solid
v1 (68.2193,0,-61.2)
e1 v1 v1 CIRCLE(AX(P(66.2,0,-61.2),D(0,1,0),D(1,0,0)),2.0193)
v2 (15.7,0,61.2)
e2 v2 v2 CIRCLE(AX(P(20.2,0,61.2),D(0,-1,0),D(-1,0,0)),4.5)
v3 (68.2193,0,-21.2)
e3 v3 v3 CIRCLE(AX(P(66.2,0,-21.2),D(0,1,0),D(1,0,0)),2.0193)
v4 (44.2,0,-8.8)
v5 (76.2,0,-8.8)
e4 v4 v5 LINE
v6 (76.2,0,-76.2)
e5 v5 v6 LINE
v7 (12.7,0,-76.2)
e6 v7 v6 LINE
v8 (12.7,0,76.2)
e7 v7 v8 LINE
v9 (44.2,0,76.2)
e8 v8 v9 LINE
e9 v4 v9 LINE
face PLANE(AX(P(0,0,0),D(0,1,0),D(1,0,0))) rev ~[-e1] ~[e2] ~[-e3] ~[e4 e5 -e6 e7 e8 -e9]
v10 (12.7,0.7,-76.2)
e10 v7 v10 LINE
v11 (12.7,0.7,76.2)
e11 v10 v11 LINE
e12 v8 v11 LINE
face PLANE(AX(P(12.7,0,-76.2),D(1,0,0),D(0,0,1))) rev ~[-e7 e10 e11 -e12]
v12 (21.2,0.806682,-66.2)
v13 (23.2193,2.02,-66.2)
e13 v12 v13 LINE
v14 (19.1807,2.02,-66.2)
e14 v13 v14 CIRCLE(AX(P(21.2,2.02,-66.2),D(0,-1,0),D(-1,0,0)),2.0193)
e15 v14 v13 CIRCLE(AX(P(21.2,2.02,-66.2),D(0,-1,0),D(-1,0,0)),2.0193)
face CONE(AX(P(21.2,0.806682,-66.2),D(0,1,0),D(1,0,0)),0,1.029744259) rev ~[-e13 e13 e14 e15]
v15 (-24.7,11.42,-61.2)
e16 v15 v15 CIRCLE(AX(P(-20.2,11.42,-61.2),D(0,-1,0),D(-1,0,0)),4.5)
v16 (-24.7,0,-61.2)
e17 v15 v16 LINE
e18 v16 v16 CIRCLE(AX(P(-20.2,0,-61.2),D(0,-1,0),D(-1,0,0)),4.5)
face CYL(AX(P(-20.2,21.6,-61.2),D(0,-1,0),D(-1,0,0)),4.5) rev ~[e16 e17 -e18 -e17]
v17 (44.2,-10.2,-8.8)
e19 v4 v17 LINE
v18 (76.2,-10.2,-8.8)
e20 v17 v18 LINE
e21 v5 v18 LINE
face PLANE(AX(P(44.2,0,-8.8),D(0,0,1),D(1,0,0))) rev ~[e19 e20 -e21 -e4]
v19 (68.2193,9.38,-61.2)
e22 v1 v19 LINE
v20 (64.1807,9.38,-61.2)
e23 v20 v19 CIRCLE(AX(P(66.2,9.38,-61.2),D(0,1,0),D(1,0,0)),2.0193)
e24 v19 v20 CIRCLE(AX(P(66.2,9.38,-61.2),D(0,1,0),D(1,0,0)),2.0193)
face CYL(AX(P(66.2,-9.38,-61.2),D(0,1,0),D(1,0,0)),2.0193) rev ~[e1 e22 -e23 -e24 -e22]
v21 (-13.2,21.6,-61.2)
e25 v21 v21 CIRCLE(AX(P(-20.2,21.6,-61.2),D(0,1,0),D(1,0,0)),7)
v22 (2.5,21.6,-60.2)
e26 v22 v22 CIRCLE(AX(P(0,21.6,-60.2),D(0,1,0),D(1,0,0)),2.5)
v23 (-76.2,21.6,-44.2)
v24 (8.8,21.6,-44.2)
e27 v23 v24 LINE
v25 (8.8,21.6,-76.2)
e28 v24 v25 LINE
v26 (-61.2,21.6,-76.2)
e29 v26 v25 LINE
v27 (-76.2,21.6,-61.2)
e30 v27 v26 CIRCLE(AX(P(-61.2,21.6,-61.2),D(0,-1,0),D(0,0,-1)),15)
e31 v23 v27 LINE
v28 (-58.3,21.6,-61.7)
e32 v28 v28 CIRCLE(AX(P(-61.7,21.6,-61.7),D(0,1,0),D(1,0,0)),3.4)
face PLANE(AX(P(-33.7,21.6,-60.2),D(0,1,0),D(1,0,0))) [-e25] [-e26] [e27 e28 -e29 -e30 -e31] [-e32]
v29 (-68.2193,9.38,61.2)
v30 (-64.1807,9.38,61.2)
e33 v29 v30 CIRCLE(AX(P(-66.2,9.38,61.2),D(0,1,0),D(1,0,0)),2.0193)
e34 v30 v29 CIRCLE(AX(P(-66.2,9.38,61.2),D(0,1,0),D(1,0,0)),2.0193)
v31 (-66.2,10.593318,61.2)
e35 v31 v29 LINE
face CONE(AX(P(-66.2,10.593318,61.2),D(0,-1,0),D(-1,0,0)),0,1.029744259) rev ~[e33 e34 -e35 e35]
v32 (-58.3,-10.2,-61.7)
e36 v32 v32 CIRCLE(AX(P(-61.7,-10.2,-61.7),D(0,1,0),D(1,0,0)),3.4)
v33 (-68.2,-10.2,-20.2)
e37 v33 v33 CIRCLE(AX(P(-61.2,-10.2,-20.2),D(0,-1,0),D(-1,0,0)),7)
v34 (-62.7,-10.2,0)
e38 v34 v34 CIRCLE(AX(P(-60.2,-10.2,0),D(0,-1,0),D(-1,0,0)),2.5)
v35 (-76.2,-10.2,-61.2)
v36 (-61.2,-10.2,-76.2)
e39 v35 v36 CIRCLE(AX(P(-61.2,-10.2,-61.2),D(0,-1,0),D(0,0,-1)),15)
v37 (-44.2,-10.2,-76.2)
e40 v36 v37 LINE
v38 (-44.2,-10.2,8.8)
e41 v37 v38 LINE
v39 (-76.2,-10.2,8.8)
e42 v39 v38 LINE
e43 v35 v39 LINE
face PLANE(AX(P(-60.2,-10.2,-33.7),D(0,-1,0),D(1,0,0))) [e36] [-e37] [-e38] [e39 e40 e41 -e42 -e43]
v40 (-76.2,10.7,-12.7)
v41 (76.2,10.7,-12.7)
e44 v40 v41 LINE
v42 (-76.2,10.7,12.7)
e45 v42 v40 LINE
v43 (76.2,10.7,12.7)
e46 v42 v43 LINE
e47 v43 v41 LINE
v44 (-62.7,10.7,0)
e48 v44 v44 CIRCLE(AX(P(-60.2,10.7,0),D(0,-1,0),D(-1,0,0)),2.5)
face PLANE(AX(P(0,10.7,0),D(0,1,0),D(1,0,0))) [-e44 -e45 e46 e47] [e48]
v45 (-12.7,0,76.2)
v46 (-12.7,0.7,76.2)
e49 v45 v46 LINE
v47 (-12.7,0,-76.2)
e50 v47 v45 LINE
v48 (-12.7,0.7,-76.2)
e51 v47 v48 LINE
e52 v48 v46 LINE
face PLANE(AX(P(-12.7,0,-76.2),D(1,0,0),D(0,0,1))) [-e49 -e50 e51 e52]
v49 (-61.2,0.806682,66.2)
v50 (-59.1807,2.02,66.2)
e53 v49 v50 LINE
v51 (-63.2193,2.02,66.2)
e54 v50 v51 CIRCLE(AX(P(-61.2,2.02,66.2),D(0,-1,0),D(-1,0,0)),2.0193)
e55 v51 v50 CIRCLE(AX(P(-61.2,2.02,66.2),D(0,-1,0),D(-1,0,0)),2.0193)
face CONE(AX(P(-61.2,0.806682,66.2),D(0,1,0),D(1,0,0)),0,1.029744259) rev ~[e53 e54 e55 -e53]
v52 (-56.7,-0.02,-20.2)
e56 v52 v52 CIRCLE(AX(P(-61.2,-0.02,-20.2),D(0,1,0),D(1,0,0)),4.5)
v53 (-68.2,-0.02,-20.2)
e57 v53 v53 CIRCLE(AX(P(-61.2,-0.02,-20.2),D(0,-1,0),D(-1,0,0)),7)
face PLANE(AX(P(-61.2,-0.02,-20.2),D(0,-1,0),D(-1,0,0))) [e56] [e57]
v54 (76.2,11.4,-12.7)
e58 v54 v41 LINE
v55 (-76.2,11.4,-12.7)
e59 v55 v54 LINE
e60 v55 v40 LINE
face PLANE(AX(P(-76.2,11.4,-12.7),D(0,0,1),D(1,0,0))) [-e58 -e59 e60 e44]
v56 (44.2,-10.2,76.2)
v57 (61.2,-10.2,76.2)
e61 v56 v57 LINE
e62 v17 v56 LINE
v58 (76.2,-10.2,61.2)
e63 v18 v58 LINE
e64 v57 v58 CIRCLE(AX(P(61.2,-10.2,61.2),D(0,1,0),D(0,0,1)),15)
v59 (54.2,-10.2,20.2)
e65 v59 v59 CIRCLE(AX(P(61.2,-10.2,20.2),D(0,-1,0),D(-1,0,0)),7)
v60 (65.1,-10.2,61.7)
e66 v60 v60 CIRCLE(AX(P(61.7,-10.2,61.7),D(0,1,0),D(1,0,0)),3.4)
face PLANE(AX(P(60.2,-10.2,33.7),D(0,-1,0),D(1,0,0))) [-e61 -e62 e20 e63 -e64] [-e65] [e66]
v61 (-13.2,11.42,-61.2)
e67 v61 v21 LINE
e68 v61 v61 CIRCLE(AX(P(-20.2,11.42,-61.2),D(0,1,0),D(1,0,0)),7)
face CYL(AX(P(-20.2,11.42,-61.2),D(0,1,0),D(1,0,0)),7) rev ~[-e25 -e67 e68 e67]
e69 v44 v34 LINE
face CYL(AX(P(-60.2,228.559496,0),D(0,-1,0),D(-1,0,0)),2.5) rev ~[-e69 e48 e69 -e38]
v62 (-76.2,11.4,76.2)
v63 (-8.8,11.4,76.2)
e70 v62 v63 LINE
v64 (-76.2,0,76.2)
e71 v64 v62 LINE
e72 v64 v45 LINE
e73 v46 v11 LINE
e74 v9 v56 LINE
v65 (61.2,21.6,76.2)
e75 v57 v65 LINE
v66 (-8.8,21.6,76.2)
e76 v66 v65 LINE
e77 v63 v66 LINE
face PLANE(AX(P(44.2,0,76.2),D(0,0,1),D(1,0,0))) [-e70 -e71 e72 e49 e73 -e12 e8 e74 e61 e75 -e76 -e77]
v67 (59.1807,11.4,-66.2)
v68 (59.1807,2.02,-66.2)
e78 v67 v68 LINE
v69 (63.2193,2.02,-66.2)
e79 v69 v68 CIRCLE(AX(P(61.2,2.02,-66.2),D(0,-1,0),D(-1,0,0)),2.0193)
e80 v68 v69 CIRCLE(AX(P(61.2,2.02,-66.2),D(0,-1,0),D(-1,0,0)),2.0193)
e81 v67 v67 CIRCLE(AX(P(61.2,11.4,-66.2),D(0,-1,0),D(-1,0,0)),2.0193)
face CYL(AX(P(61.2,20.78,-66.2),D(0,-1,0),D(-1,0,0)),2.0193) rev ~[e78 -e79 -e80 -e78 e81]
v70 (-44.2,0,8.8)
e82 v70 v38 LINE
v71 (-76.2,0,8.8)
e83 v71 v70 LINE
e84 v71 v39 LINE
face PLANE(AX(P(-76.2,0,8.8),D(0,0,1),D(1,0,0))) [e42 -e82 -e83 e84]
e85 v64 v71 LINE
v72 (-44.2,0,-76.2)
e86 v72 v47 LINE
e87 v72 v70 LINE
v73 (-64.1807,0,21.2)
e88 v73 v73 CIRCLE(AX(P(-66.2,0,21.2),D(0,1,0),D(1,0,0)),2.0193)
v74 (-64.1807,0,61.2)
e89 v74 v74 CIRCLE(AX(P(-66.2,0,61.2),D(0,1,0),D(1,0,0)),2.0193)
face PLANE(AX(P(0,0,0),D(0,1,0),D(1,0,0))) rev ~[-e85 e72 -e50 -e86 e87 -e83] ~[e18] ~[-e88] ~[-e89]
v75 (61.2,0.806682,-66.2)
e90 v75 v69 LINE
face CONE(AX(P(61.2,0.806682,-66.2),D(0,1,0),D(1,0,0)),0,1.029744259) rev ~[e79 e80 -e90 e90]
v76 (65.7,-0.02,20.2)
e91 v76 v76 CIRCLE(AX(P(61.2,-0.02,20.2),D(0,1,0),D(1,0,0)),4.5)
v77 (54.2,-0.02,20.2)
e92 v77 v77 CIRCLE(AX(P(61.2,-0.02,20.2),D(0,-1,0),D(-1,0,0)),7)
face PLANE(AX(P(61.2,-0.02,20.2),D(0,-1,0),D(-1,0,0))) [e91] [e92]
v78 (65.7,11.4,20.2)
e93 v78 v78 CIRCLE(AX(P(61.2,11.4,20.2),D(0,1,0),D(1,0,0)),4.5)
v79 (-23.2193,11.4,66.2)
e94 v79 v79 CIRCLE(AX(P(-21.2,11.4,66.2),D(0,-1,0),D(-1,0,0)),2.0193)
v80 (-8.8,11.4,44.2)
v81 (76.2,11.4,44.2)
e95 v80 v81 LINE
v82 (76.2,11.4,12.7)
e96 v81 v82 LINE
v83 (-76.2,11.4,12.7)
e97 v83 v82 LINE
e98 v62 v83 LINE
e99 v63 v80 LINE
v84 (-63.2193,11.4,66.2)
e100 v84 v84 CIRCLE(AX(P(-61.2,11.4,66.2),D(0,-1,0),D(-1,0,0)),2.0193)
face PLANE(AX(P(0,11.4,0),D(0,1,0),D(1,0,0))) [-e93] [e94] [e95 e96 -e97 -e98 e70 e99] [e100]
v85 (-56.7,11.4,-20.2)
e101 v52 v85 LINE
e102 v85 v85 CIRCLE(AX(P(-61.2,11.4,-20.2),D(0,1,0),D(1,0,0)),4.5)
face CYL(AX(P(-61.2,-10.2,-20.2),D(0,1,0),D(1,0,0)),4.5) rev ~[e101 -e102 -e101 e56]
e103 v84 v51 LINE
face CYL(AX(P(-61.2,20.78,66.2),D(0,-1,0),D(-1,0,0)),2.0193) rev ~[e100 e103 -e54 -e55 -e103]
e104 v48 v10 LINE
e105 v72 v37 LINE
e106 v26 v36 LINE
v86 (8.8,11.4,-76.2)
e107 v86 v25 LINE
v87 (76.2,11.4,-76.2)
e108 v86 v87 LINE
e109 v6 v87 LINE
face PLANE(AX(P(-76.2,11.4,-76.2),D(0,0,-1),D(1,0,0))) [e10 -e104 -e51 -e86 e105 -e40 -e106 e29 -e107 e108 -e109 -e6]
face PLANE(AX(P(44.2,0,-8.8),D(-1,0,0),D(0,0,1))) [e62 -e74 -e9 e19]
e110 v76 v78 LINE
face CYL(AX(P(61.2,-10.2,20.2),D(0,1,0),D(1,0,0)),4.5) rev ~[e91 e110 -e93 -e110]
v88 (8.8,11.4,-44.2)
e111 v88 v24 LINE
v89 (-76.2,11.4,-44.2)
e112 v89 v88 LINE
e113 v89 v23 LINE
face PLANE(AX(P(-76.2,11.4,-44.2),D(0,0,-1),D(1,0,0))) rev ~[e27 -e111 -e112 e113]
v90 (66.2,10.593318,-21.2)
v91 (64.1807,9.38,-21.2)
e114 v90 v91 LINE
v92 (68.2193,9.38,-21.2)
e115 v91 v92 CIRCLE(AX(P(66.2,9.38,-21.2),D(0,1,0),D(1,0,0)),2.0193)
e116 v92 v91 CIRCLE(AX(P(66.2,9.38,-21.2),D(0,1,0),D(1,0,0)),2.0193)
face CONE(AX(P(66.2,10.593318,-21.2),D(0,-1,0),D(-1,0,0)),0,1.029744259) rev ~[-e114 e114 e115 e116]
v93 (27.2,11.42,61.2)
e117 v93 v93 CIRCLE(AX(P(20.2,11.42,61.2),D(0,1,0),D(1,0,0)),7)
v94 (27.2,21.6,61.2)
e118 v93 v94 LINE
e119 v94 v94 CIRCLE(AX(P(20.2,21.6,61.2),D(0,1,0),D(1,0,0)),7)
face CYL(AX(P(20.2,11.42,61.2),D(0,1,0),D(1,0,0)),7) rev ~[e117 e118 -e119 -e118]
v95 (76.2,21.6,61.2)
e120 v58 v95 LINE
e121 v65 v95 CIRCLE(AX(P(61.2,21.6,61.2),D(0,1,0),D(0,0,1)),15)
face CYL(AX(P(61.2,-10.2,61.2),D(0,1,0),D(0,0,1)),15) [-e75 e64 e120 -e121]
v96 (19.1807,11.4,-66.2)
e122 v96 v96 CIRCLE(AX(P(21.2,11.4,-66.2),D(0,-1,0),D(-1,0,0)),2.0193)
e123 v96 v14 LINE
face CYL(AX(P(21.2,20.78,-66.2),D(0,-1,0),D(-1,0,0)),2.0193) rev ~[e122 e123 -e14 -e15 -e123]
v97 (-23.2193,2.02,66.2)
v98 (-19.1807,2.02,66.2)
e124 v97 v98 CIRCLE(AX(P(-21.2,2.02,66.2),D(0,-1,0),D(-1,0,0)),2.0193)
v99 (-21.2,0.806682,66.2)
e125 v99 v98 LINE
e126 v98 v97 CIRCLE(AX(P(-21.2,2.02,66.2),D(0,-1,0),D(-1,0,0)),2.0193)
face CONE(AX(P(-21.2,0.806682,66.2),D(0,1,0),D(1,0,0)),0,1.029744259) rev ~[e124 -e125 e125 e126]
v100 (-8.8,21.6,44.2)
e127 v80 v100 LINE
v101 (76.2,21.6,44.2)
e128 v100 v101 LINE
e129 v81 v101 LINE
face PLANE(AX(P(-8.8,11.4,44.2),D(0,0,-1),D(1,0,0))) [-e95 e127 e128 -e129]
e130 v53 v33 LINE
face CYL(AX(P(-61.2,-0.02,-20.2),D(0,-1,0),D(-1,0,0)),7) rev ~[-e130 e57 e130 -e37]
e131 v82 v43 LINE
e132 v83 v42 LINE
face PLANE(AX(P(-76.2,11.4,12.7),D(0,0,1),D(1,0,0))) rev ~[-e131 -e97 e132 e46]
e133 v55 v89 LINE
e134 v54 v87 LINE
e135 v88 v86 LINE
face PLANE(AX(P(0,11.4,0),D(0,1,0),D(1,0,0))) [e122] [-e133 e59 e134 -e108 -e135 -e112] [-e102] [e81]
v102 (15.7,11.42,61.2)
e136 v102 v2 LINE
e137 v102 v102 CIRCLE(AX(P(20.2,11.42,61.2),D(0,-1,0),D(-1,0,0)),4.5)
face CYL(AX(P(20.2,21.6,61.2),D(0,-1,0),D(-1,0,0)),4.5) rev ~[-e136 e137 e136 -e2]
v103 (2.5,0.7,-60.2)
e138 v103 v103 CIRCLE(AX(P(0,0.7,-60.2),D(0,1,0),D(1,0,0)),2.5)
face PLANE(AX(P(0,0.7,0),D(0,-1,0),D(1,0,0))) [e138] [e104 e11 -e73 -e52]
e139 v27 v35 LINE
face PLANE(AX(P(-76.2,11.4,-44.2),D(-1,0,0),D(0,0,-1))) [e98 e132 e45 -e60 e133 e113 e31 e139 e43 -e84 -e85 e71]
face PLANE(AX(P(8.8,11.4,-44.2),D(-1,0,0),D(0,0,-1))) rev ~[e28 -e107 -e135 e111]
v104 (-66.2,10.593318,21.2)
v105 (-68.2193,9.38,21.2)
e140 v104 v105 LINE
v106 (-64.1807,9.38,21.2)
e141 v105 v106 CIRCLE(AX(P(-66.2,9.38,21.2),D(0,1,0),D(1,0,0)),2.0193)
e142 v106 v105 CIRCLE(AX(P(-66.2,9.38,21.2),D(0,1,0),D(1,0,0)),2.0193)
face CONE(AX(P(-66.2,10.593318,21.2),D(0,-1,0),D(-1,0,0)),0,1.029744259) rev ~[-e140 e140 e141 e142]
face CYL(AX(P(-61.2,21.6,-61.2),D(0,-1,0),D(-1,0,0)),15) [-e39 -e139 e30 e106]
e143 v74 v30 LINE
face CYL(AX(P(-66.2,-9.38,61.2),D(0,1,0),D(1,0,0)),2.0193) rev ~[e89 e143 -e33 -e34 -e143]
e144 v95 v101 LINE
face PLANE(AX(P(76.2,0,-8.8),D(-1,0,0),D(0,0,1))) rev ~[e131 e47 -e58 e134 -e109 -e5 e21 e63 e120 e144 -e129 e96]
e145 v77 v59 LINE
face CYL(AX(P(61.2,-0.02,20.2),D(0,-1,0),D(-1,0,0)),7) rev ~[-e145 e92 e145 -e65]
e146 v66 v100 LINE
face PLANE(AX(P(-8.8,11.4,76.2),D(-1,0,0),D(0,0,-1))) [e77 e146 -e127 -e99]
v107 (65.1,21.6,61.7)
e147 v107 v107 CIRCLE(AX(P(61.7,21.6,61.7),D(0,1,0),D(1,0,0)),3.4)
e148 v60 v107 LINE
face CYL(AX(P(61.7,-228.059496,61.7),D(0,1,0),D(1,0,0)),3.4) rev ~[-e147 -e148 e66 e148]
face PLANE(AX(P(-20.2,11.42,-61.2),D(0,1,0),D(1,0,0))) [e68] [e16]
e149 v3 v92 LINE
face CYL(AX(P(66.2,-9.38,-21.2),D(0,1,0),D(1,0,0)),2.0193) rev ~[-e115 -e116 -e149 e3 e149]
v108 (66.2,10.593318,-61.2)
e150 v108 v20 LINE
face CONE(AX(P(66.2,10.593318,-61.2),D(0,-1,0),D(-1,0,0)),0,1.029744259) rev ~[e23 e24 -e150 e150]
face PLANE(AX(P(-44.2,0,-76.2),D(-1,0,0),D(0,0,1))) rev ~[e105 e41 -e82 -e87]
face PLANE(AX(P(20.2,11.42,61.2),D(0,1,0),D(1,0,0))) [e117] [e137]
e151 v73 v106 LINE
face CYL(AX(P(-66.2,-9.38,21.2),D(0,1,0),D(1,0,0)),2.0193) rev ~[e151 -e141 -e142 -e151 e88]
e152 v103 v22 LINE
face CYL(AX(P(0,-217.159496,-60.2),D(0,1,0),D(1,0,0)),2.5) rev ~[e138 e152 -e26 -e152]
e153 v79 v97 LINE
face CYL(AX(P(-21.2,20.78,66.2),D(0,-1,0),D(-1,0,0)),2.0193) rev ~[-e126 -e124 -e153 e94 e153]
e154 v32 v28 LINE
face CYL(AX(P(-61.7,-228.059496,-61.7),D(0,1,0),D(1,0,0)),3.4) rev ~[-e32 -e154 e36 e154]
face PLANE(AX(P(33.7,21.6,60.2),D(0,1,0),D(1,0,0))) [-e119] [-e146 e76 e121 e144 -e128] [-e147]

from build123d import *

# Parameters (mm, degrees)
SKETCH1_W                               = 152.4
SKETCH1_H                               = 152.4
BOSS_EXTRUDE1_DEPTH                     = 11.4
SKETCH5_W                               = 85
SKETCH5_H                               = 32
BOSS_EXTRUDE2_DEPTH                     = 10.2
SKETCH6_W                               = 32
SKETCH6_H                               = 85
BOSS_EXTRUDE3_DEPTH                     = 10.2
SKETCH7_W                               = 25.4
SKETCH7_H                               = 152.4
CUT_EXTRUDE1_DEPTH                      = 0.7
SKETCH8_W                               = 152.4
SKETCH8_H                               = 25.4
CUT_EXTRUDE2_DEPTH                      = 0.7
FILLET3_R                               = 15
M8X1_25_TAPPED_HOLE2_D                  = 6.8
F_10_32_TAPPED_HOLE3_D                  = 4.0386
F_10_32_TAPPED_HOLE3_DEPTH              = 9.38
F_10_32_TAPPED_HOLE3_TIP                = 1.213317848
F_10_32_TAPPED_HOLE4_D                  = 4.0386
F_10_32_TAPPED_HOLE4_DEPTH              = 9.38
F_10_32_TAPPED_HOLE4_TIP                = 1.213317848
M6X1_0_TAPPED_HOLE1_D                   = 5
M6X1_0_TAPPED_HOLE2_D                   = 5
CBORE_FOR_M8_HEX_HEAD_BOLT3_D           = 9
CBORE_FOR_M8_HEX_HEAD_BOLT3_CBORE_D     = 14
CBORE_FOR_M8_HEX_HEAD_BOLT3_CBORE_DEPTH = 10.18
CBORE_FOR_M8_HEX_HEAD_BOLT4_D           = 9
CBORE_FOR_M8_HEX_HEAD_BOLT4_CBORE_D     = 14
CBORE_FOR_M8_HEX_HEAD_BOLT4_CBORE_DEPTH = 10.18


with BuildPart() as part:
    # Sketch1 → Boss-Extrude1 (new body)
    with BuildSketch(Plane(origin=(0, 0, 0), x_dir=(1, 0, 0), z_dir=(0, 1, 0))):
        Rectangle(SKETCH1_W, SKETCH1_H)
    extrude(amount=BOSS_EXTRUDE1_DEPTH)

    # Sketch5 → Boss-Extrude2 (add)
    with BuildSketch(Plane(origin=(0, 11.4, 0), x_dir=(1, 0, 0), z_dir=(0, 1, 0))):
        with Locations((-33.7, 60.2)):
            Rectangle(SKETCH5_W, SKETCH5_H)
        with Locations((33.7, -60.2)):
            Rectangle(SKETCH5_W, SKETCH5_H)
    extrude(amount=BOSS_EXTRUDE2_DEPTH)

    # Sketch6 → Boss-Extrude3 (add)
    with BuildSketch(Plane.XZ):
        with Locations((60.2, 33.7)):
            Rectangle(SKETCH6_W, SKETCH6_H)
        with Locations((-60.2, -33.7)):
            Rectangle(SKETCH6_W, SKETCH6_H)
    extrude(amount=BOSS_EXTRUDE3_DEPTH)

    # Sketch7 → Cut-Extrude1 (cut)
    with BuildSketch(Plane.XZ):
        Rectangle(SKETCH7_W, SKETCH7_H)
    extrude(amount=-CUT_EXTRUDE1_DEPTH, mode=Mode.SUBTRACT)

    # Sketch8 → Cut-Extrude2 (cut)
    with BuildSketch(Plane(origin=(0, 11.4, 0), x_dir=(1, 0, 0), z_dir=(0, 1, 0))):
        Rectangle(SKETCH8_W, SKETCH8_H)
    extrude(amount=-CUT_EXTRUDE2_DEPTH, mode=Mode.SUBTRACT)

    # Fillet3
    fillet3_edges = [part.edges().sort_by_distance(p)[0] for p in [
        (76.2, 5.7, 76.2),
        (-76.2, 5.7, -76.2),
    ]]
    fillet(fillet3_edges, radius=FILLET3_R)

    # M8x1.25 Tapped Hole2 (through all)
    with Locations(Plane(origin=(0, -10.2, 0), x_dir=(-1, 0, 0), z_dir=(0, -1, 0))):
        with Locations((-61.7, -61.7), (61.7, 61.7)):
            Hole(M8X1_25_TAPPED_HOLE2_D / 2)

    # #10-32 Tapped Hole3
    with Locations(Plane(origin=(0, 11.4, 0), x_dir=(1, 0, 0), z_dir=(0, 1, 0))):
        with Locations((-21.2, -66.2), (-61.2, -66.2), (21.2, 66.2), (61.2, 66.2)):
            Hole(F_10_32_TAPPED_HOLE3_D / 2, depth=F_10_32_TAPPED_HOLE3_DEPTH)
            with Locations((0, 0, -(F_10_32_TAPPED_HOLE3_DEPTH + F_10_32_TAPPED_HOLE3_TIP / 2))):  # 118° drill point
                Cone(0, F_10_32_TAPPED_HOLE3_D / 2, F_10_32_TAPPED_HOLE3_TIP, mode=Mode.SUBTRACT)

    # #10-32 Tapped Hole4
    with Locations(Plane(origin=(0, 0, 0), x_dir=(-1, 0, 0), z_dir=(0, -1, 0))):
        with Locations((66.2, -61.2), (66.2, -21.2), (-66.2, 61.2), (-66.2, 21.2)):
            Hole(F_10_32_TAPPED_HOLE4_D / 2, depth=F_10_32_TAPPED_HOLE4_DEPTH)
            with Locations((0, 0, -(F_10_32_TAPPED_HOLE4_DEPTH + F_10_32_TAPPED_HOLE4_TIP / 2))):  # 118° drill point
                Cone(0, F_10_32_TAPPED_HOLE4_D / 2, F_10_32_TAPPED_HOLE4_TIP, mode=Mode.SUBTRACT)

    # M6x1.0 Tapped Hole1 (through all)
    with Locations(Plane(origin=(0, 10.7, 0), x_dir=(1, 0, 0), z_dir=(0, 1, 0))):
        with Locations((-60.2, 0)):
            Hole(M6X1_0_TAPPED_HOLE1_D / 2)

    # M6x1.0 Tapped Hole2 (through all)
    with Locations(Plane(origin=(0, 0.7, 0), x_dir=(-1, 0, 0), z_dir=(0, -1, 0))):
        with Locations((0, 60.2)):
            Hole(M6X1_0_TAPPED_HOLE2_D / 2)

    # CBORE for M8 Hex Head Bolt3 (through all)
    with Locations(Plane(origin=(0, -10.2, 0), x_dir=(-1, 0, 0), z_dir=(0, -1, 0))):
        with Locations((61.2, 20.2), (-61.2, -20.2)):
            CounterBoreHole(CBORE_FOR_M8_HEX_HEAD_BOLT3_D / 2, CBORE_FOR_M8_HEX_HEAD_BOLT3_CBORE_D / 2, CBORE_FOR_M8_HEX_HEAD_BOLT3_CBORE_DEPTH)

    # CBORE for M8 Hex Head Bolt4 (through all)
    with Locations(Plane(origin=(0, 21.6, 0), x_dir=(1, 0, 0), z_dir=(0, 1, 0))):
        with Locations((-20.2, 61.2), (20.2, -61.2)):
            CounterBoreHole(CBORE_FOR_M8_HEX_HEAD_BOLT4_D / 2, CBORE_FOR_M8_HEX_HEAD_BOLT4_CBORE_D / 2, CBORE_FOR_M8_HEX_HEAD_BOLT4_CBORE_DEPTH)


solid = part.part
